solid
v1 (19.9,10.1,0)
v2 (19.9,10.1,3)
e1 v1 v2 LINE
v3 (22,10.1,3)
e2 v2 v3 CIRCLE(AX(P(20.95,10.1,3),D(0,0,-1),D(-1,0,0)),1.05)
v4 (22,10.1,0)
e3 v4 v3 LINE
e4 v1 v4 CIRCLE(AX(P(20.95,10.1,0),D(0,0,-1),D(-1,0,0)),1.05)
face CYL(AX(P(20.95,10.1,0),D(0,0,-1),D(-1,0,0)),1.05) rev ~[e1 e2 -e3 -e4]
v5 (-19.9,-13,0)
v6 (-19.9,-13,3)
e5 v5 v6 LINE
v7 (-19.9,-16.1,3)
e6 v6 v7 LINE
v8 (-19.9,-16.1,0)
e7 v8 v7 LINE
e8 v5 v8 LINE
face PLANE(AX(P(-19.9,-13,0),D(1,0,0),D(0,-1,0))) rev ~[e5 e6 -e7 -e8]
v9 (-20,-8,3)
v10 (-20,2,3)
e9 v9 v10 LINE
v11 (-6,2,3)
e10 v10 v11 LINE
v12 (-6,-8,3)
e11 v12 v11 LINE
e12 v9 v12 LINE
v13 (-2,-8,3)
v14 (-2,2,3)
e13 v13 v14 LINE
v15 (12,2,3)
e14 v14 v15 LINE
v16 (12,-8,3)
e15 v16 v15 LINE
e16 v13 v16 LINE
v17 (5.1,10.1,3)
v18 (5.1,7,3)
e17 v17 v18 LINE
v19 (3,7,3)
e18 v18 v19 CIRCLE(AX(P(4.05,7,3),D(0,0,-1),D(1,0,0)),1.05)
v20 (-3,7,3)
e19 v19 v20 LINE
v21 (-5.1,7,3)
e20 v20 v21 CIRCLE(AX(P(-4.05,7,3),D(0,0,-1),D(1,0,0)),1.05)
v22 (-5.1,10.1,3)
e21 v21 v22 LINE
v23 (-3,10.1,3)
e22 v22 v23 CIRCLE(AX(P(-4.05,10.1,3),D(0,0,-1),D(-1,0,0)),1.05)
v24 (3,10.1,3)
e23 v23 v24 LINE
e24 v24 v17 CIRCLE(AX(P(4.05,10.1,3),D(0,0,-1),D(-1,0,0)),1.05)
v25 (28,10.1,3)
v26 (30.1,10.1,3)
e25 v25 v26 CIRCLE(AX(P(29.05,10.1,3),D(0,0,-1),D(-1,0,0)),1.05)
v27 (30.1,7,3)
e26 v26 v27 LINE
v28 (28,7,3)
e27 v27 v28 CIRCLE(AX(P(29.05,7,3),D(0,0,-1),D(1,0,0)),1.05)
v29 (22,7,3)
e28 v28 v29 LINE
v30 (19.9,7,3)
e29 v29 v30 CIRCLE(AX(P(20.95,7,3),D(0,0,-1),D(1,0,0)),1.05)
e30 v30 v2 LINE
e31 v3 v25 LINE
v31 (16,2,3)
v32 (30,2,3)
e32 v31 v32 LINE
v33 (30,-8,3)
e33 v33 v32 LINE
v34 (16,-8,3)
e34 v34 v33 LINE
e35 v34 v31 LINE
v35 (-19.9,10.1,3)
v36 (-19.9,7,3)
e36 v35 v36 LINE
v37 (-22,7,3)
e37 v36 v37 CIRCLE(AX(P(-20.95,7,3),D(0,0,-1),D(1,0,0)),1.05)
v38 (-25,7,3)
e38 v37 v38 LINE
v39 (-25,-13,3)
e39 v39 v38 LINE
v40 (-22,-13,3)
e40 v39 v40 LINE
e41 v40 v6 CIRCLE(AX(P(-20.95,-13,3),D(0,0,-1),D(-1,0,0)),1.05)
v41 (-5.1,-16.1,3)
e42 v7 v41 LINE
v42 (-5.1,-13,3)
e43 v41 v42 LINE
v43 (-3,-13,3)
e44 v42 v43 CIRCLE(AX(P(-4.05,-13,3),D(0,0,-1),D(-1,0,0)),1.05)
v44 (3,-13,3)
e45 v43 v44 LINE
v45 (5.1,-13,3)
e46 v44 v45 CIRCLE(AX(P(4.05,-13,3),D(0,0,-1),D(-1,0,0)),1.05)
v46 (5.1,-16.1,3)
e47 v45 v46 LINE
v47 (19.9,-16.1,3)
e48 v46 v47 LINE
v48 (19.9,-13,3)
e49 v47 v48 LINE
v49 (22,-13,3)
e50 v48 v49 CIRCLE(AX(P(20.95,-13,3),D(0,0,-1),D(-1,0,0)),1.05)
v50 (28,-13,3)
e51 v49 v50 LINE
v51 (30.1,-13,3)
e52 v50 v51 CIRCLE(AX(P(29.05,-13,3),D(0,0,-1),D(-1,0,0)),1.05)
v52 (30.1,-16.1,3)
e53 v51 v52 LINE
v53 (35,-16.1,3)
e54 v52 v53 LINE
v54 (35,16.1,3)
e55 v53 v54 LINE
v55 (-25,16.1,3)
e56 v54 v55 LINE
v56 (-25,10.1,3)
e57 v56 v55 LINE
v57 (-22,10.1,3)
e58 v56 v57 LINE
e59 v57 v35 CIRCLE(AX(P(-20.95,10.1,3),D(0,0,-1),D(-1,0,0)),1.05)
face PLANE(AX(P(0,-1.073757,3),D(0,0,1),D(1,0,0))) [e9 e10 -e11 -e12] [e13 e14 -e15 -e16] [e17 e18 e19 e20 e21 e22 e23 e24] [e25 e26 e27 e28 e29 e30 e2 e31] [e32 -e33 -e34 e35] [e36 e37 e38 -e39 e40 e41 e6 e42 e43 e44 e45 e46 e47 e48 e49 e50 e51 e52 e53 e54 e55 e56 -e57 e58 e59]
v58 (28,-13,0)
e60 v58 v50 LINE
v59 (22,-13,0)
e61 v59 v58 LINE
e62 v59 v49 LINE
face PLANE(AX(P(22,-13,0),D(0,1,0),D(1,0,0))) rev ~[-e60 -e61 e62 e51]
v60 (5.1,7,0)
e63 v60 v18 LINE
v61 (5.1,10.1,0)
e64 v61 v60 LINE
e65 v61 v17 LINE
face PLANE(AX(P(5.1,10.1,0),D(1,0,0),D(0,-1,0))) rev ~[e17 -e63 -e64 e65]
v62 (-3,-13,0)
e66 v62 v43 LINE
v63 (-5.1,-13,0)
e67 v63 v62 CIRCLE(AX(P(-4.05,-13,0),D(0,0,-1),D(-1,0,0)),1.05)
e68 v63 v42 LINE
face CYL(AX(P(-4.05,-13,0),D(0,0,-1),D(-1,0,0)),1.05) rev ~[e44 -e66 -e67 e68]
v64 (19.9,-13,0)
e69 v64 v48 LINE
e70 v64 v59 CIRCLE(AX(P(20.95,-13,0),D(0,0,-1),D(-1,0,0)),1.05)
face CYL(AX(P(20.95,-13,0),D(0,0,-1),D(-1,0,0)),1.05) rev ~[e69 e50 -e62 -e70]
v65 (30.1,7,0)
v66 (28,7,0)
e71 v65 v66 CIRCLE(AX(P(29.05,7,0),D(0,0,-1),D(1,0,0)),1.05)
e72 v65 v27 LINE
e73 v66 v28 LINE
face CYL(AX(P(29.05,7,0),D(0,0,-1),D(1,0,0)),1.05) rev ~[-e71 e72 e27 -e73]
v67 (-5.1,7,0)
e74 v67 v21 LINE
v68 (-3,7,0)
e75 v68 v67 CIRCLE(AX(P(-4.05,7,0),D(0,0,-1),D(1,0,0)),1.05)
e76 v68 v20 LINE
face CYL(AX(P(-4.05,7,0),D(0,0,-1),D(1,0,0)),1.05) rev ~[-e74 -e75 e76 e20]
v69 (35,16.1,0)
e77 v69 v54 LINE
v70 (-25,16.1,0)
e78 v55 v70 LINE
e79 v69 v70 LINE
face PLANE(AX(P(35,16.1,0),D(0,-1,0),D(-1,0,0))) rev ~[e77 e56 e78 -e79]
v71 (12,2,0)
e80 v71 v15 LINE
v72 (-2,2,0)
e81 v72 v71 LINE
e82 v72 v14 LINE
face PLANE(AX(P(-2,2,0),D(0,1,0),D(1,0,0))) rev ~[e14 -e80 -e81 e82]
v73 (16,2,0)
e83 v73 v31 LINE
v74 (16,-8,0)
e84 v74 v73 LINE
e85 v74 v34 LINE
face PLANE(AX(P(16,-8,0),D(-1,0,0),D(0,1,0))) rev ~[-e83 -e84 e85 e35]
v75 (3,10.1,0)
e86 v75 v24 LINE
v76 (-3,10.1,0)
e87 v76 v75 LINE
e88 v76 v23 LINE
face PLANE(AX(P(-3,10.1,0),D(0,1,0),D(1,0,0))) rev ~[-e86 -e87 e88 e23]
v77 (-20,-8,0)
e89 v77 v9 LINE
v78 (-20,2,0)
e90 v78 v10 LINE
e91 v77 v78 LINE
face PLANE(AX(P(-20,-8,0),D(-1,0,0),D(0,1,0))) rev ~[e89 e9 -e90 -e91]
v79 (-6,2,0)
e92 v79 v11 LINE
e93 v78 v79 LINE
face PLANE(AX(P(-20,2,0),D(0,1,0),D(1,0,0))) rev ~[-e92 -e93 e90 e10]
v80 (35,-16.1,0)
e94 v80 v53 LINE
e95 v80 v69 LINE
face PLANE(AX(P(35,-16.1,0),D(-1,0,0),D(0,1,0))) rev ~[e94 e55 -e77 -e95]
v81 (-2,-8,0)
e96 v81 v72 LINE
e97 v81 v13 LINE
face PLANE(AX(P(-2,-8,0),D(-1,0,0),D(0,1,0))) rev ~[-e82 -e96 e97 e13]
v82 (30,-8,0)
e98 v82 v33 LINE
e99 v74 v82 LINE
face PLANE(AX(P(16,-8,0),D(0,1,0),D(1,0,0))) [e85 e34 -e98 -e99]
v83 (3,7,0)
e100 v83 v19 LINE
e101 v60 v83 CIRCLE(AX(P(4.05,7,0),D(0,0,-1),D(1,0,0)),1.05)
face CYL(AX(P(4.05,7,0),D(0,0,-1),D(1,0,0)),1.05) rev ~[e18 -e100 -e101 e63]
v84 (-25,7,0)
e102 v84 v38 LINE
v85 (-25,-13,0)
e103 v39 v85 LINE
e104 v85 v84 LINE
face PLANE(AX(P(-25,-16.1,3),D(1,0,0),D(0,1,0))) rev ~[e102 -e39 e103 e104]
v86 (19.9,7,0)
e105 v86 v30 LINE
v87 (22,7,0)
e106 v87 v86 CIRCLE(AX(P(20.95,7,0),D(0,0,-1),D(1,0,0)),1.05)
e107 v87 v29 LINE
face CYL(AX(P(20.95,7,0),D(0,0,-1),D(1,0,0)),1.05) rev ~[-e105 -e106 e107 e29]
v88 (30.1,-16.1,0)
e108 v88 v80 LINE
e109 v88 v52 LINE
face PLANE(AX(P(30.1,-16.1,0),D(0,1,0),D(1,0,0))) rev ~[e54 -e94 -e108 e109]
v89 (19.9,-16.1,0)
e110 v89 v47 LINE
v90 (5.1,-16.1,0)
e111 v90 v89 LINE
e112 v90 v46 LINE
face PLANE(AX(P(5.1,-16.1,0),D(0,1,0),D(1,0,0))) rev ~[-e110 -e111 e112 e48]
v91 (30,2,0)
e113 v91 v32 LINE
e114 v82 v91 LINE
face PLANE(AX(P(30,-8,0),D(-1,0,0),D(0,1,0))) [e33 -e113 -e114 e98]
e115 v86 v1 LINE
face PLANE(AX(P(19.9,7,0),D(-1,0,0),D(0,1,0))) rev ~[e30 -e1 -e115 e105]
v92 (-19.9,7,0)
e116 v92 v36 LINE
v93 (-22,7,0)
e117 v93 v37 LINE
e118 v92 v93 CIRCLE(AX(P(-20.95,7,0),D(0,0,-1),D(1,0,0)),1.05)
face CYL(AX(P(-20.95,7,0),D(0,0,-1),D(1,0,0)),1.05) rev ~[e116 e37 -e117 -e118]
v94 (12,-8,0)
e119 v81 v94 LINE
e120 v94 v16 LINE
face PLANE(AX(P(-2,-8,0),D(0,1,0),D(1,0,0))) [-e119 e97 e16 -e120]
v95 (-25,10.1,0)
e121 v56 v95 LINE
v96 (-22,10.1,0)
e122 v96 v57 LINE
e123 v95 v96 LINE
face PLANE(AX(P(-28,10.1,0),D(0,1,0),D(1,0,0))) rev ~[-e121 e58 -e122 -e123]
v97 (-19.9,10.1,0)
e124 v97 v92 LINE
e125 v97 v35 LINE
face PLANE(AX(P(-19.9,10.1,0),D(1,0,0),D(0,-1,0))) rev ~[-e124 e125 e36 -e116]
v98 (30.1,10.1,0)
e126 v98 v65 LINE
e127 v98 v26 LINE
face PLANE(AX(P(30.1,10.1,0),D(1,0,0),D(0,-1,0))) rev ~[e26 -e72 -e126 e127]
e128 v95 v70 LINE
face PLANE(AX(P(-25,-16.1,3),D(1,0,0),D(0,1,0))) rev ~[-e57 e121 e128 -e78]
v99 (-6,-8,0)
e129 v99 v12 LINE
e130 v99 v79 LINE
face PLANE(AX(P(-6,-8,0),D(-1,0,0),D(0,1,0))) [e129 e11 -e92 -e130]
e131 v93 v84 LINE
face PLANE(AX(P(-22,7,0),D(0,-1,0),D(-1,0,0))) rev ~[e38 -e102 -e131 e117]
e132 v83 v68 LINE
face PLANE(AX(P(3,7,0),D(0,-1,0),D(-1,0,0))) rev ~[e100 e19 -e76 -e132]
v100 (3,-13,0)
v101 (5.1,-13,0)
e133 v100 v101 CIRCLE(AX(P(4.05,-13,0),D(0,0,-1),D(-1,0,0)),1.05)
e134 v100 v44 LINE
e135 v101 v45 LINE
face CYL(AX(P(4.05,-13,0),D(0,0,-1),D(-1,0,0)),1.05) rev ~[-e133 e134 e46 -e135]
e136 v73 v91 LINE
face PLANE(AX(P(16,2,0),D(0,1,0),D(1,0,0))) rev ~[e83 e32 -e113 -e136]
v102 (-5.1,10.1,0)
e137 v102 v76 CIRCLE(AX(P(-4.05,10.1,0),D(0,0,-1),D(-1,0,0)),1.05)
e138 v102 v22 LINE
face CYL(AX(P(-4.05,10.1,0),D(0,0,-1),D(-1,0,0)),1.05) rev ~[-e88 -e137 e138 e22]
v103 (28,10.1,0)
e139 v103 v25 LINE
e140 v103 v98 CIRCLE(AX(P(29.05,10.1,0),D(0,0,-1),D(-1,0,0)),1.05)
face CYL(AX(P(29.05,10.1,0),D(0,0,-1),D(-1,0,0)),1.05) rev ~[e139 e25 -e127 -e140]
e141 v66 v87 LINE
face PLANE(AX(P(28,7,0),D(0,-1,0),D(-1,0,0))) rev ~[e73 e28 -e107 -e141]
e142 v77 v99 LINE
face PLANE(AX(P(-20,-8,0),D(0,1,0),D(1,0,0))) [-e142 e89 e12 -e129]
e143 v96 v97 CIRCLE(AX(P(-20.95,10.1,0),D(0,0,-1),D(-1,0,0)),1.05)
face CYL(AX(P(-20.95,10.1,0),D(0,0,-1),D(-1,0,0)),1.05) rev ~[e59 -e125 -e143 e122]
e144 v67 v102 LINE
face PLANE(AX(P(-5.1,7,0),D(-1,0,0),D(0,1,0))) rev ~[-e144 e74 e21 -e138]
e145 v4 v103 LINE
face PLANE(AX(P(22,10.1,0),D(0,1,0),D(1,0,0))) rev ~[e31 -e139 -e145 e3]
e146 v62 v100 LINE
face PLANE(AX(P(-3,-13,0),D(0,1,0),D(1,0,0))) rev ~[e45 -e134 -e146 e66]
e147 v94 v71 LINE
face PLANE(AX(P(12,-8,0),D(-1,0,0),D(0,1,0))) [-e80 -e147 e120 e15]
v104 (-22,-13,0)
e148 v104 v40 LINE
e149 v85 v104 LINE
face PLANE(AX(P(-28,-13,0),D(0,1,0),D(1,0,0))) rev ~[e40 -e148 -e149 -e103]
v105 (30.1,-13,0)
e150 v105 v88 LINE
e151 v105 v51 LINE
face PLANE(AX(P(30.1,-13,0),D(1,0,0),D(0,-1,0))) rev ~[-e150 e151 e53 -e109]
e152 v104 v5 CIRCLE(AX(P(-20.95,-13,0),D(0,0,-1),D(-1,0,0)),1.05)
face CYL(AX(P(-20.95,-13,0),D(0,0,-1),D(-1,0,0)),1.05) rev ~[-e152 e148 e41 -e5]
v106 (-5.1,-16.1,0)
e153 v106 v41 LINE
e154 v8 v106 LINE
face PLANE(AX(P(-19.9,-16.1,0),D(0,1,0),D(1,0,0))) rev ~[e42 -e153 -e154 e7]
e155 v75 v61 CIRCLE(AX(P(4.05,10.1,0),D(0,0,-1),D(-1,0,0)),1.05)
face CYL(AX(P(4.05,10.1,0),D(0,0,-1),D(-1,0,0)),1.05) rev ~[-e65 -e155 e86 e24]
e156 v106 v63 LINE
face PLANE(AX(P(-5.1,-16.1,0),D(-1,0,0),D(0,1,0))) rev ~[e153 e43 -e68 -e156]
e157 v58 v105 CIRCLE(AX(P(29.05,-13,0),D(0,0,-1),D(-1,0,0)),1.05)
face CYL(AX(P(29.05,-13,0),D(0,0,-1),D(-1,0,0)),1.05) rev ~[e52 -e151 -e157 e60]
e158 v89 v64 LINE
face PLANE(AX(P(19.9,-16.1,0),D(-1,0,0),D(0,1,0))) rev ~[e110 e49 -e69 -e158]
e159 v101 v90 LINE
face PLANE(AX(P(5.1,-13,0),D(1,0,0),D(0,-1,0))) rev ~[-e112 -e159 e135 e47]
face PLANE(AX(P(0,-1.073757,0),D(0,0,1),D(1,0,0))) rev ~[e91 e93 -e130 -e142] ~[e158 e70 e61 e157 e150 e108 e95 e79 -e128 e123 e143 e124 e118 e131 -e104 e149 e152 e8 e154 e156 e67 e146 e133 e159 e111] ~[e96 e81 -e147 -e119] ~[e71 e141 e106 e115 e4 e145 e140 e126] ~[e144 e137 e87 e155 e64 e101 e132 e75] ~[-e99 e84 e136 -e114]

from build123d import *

# Parameters (mm, degrees)
SKETCH_1_W          = 14
SKETCH_1_H          = 10
EXTRUDE_1_DEPTH     = 3
SKETCH_2_W          = 10
SKETCH_2_H          = 32.2
CUT_EXTRUDE_1_DEPTH = 10


with BuildPart() as part:
    # 草图1 → 凸台-拉伸1 (new body)
    with BuildSketch(Plane.XY):
        with BuildLine():
            Line((-19.9, -16.1), (-5.1, -16.1))
            Line((-5.1, -16.1), (-5.1, -13))
            ThreePointArc((-5.1, -13), (-4.05, -11.95), (-3, -13))
            Line((-3, -13), (3, -13))
            ThreePointArc((3, -13), (4.05, -11.95), (5.1, -13))
            Line((5.1, -13), (5.1, -16.1))
            Line((5.1, -16.1), (19.9, -16.1))
            Line((19.9, -16.1), (19.9, -13))
            ThreePointArc((19.9, -13), (20.95, -11.95), (22, -13))
            Line((22, -13), (28, -13))
            ThreePointArc((28, -13), (29.05, -11.95), (30.1, -13))
            Line((30.1, -13), (30.1, -16.1))
            Line((30.1, -16.1), (35, -16.1))
            Line((35, -16.1), (35, 16.1))
            Line((35, 16.1), (-35, 16.1))
            Line((-35, 16.1), (-35, -16.1))
            Line((-35, -16.1), (-30.1, -16.1))
            Line((-30.1, -16.1), (-30.1, -13))
            ThreePointArc((-30.1, -13), (-29.05, -11.95), (-28, -13))
            Line((-28, -13), (-22, -13))
            ThreePointArc((-22, -13), (-20.95, -11.95), (-19.9, -13))
            Line((-19.9, -13), (-19.9, -16.1))
        make_face()
        with Locations((-13, -3)):
            Rectangle(SKETCH_1_W, SKETCH_1_H, mode=Mode.SUBTRACT)
        with Locations((5, -3)):
            Rectangle(SKETCH_1_W, SKETCH_1_H, mode=Mode.SUBTRACT)
        with Locations((23, -3)):
            Rectangle(SKETCH_1_W, SKETCH_1_H, mode=Mode.SUBTRACT)
        with BuildLine():
            Line((-22, 7), (-28, 7))
            ThreePointArc((-28, 7), (-29.05, 5.95), (-30.1, 7))
            Line((-30.1, 7), (-30.1, 10.1))
            ThreePointArc((-30.1, 10.1), (-29.05, 11.15), (-28, 10.1))
            Line((-28, 10.1), (-22, 10.1))
            ThreePointArc((-22, 10.1), (-20.95, 11.15), (-19.9, 10.1))
            Line((-19.9, 10.1), (-19.9, 7))
            ThreePointArc((-19.9, 7), (-20.95, 5.95), (-22, 7))
        make_face(mode=Mode.SUBTRACT)
        with BuildLine():
            Line((3, 7), (-3, 7))
            ThreePointArc((-3, 7), (-4.05, 5.95), (-5.1, 7))
            Line((-5.1, 7), (-5.1, 10.1))
            ThreePointArc((-5.1, 10.1), (-4.05, 11.15), (-3, 10.1))
            Line((-3, 10.1), (3, 10.1))
            ThreePointArc((3, 10.1), (4.05, 11.15), (5.1, 10.1))
            Line((5.1, 10.1), (5.1, 7))
            ThreePointArc((5.1, 7), (4.05, 5.95), (3, 7))
        make_face(mode=Mode.SUBTRACT)
        with BuildLine():
            Line((30.1, 10.1), (30.1, 7))
            ThreePointArc((30.1, 7), (29.05, 5.95), (28, 7))
            Line((28, 7), (22, 7))
            ThreePointArc((22, 7), (20.95, 5.95), (19.9, 7))
            Line((19.9, 7), (19.9, 10.1))
            ThreePointArc((19.9, 10.1), (20.95, 11.15), (22, 10.1))
            Line((22, 10.1), (28, 10.1))
            ThreePointArc((28, 10.1), (29.05, 11.15), (30.1, 10.1))
        make_face(mode=Mode.SUBTRACT)
    extrude(amount=EXTRUDE_1_DEPTH)

    # 草图2 → 切除-拉伸1 (cut)
    with BuildSketch(Plane.XY.offset(3)):
        with Locations((-30, 0)):
            Rectangle(SKETCH_2_W, SKETCH_2_H)
    extrude(amount=-CUT_EXTRUDE_1_DEPTH, mode=Mode.SUBTRACT)


solid = part.part
